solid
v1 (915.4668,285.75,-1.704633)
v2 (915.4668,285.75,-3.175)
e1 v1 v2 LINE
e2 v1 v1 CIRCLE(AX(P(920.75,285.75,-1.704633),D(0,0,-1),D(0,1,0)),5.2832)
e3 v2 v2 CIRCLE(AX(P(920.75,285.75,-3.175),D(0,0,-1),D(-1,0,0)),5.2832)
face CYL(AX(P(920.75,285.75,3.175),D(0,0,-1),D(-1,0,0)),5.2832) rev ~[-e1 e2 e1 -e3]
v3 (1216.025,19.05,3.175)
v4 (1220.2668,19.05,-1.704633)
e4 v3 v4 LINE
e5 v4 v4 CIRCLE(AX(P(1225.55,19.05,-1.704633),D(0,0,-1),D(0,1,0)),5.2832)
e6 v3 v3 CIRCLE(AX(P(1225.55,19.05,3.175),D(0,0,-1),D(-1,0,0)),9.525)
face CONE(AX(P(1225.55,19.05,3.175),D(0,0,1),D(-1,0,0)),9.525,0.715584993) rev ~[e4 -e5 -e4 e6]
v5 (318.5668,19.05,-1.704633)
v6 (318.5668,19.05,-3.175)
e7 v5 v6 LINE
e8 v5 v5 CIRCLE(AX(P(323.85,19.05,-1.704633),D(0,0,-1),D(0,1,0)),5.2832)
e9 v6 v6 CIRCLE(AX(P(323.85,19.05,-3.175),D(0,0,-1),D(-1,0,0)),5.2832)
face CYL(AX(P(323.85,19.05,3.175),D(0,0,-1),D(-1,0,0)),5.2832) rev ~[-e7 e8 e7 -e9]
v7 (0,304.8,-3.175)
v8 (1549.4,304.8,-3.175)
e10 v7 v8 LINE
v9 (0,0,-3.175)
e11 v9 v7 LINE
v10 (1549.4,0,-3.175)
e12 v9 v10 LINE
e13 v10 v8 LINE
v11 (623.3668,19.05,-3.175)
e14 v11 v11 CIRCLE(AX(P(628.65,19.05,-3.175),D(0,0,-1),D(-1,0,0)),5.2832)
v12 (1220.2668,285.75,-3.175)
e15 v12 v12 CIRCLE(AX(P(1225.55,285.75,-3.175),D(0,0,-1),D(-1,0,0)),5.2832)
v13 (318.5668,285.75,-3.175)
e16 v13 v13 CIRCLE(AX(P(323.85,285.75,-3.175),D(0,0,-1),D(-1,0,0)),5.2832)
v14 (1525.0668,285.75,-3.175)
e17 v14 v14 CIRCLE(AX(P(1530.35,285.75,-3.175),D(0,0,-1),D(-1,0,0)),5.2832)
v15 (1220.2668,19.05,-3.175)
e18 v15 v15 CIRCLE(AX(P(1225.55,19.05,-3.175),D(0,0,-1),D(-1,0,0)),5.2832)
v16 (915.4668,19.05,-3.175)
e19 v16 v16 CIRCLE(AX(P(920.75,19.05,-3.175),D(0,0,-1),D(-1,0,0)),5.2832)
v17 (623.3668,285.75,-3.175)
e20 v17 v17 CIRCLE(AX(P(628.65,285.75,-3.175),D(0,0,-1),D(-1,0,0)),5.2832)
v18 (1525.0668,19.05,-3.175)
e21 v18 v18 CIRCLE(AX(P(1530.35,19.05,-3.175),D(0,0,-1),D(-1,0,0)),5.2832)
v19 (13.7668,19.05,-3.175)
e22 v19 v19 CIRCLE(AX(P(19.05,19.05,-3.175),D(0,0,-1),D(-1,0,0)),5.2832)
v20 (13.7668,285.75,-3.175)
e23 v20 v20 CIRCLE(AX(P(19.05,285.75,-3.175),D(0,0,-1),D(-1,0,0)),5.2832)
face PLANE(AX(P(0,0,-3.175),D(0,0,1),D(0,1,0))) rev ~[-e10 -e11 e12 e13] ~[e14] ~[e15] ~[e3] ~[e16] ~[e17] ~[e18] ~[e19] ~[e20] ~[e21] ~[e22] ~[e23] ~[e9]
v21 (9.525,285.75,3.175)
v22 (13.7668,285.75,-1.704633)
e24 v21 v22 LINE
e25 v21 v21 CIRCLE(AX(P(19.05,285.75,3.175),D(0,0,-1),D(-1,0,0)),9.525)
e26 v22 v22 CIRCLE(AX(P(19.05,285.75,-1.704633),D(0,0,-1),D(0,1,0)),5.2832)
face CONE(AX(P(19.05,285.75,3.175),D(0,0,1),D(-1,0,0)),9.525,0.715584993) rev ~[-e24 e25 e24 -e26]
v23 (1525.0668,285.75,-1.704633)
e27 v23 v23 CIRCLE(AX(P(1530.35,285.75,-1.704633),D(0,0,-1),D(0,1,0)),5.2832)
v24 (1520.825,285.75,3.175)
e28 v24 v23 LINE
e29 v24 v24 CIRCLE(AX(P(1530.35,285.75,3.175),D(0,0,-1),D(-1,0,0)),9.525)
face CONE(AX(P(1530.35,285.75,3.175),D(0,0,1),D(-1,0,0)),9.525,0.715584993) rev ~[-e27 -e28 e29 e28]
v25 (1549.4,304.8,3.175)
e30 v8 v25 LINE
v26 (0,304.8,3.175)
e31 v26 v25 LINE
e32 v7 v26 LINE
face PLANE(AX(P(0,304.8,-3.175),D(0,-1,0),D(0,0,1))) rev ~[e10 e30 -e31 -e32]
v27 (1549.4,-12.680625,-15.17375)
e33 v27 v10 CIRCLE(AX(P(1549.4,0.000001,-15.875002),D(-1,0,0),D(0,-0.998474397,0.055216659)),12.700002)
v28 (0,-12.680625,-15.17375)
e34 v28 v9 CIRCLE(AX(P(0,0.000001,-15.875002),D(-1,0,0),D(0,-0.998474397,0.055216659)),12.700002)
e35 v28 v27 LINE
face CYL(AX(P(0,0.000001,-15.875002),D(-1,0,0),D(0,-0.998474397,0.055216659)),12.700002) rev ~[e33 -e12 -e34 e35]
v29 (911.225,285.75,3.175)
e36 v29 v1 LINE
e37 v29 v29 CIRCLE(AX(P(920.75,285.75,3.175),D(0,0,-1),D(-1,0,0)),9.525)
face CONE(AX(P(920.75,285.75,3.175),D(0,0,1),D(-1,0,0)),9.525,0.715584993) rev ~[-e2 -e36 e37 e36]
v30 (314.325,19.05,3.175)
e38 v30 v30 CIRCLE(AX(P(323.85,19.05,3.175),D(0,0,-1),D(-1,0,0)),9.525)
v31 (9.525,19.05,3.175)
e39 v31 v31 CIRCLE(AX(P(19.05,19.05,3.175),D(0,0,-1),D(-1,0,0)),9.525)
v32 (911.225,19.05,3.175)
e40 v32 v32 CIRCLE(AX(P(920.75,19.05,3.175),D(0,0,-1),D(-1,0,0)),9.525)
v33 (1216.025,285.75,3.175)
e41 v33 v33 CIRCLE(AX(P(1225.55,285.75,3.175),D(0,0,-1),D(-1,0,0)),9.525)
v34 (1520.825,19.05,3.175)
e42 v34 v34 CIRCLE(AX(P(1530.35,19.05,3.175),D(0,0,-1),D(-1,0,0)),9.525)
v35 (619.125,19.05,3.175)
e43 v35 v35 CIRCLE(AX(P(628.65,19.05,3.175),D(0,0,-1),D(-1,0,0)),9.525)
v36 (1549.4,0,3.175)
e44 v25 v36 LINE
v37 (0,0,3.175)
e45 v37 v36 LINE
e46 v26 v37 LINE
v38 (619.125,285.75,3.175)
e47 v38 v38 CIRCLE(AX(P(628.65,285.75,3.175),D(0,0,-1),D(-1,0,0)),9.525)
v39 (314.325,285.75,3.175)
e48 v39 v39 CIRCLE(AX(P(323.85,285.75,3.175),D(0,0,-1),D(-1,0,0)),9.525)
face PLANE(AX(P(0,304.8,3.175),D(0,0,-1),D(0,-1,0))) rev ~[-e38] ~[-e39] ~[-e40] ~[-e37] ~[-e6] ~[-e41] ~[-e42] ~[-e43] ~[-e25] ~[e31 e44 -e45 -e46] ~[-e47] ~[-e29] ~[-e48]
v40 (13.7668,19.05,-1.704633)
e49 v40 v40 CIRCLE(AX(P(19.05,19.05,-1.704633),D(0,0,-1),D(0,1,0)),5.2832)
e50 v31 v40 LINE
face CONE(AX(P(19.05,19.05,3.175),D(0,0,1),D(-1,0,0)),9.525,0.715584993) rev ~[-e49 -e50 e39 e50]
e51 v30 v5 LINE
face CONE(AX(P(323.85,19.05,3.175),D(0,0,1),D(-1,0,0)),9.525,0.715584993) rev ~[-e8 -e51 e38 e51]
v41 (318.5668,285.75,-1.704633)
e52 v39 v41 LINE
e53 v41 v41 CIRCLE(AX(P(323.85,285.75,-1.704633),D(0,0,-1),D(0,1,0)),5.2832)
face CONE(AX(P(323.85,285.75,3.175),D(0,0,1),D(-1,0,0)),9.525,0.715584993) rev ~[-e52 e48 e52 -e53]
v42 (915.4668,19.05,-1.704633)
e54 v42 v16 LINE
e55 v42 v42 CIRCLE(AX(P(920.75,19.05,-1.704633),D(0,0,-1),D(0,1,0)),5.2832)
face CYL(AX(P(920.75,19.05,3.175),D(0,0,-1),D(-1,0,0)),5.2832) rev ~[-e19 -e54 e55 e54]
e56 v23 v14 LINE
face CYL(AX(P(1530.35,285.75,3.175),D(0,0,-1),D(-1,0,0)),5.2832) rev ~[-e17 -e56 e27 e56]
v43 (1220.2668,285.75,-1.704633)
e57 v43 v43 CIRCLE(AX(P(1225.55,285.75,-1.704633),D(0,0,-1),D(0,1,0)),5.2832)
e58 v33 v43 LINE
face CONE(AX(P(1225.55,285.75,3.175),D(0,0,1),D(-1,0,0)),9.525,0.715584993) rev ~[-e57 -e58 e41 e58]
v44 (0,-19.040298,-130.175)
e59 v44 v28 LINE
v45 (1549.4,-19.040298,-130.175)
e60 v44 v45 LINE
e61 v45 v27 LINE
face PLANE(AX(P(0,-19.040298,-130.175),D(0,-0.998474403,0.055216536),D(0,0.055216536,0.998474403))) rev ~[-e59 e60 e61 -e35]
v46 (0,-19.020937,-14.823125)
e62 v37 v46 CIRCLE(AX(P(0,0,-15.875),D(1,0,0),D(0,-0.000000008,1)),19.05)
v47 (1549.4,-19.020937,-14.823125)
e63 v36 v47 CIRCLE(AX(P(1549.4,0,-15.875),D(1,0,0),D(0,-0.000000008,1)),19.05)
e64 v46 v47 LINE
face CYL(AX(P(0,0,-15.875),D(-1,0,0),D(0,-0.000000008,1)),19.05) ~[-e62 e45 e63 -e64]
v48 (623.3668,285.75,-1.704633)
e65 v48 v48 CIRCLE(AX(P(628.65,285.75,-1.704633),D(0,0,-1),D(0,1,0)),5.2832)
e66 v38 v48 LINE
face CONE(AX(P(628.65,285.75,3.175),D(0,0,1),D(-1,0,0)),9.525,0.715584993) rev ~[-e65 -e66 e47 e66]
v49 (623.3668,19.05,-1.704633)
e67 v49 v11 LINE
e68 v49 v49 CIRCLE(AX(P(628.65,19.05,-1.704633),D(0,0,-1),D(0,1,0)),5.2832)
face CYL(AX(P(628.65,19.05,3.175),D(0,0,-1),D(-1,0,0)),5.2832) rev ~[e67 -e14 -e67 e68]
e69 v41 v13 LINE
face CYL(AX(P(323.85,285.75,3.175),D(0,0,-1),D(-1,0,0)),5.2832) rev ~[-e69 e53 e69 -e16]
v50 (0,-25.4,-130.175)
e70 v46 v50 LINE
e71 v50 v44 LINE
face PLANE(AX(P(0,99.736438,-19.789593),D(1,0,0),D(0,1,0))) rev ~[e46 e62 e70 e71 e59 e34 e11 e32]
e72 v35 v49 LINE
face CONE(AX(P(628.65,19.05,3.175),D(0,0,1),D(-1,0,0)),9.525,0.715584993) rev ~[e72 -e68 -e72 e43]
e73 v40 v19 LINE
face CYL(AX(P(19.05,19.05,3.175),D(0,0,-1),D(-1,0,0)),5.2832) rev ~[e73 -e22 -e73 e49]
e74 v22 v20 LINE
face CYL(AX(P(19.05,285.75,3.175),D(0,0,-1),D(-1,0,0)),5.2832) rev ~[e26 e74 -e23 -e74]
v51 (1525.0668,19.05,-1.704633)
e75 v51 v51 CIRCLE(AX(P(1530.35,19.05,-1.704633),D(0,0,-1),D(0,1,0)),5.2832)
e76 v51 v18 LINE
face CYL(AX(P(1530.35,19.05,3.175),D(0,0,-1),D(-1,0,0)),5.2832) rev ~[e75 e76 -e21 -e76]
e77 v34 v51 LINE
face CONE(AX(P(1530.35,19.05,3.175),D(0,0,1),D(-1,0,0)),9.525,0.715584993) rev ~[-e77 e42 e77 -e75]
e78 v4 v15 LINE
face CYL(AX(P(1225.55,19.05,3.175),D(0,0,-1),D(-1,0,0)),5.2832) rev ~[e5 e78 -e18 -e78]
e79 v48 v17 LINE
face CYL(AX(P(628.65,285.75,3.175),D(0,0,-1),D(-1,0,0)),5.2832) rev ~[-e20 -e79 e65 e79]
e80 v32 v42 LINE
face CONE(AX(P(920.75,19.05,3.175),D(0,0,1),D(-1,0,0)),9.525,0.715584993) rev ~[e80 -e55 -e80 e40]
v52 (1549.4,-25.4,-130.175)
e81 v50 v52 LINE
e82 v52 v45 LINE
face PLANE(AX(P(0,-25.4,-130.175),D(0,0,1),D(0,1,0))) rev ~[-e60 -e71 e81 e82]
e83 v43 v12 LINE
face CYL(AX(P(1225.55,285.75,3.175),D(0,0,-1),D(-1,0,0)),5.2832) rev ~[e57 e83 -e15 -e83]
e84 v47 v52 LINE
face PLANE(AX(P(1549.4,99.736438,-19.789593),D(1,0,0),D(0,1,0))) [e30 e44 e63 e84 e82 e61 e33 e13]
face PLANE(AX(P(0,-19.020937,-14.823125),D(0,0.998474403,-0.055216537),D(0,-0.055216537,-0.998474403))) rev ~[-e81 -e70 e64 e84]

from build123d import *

# Parameters (mm, degrees)
F1_DEPTH       = 1549.4
F3_D           = 10.5664
F3_DEPTH       = 406.4
F3_CSINK_D     = 19.05
F3_CSINK_ANGLE = 82


with BuildPart() as f1:
    # F0 (on Right) → F1 (new body)
    with BuildSketch(Plane.YZ):
        with BuildLine():
            ThreePointArc((0, 3.175), (-13.09321, -2.037719), (-19.020937, -14.823125))
            Line((-19.020937, -14.823125), (-25.4, -130.175))
            Line((-25.4, -130.175), (-22.220149, -130.175))
            Line((-22.220149, -130.175), (-19.040298, -130.175))
            Line((-19.040298, -130.175), (-12.680625, -15.17375))
            ThreePointArc((-12.680625, -15.17375), (-8.728806, -6.650146), (0, -3.175))
            Line((0, -3.175), (304.8, -3.175))
            Line((304.8, -3.175), (304.8, 0))
            Line((304.8, 0), (304.8, 3.175))
            Line((304.8, 3.175), (0, 3.175))
        make_face()
    extrude(amount=F1_DEPTH)

    # F3
    with Locations(Plane.XY.offset(3.175)):
        with Locations((1530.35, 285.75), (1530.35, 19.05), (1225.55, 19.05), (1225.55, 285.75), (920.75, 285.75), (920.75, 19.05), (628.65, 285.75), (628.65, 19.05), (323.85, 19.05), (323.85, 285.75), (19.05, 285.75), (19.05, 19.05)):
            CounterSinkHole(F3_D / 2, F3_CSINK_D / 2, depth=F3_DEPTH, counter_sink_angle=F3_CSINK_ANGLE)


solid = f1.part
